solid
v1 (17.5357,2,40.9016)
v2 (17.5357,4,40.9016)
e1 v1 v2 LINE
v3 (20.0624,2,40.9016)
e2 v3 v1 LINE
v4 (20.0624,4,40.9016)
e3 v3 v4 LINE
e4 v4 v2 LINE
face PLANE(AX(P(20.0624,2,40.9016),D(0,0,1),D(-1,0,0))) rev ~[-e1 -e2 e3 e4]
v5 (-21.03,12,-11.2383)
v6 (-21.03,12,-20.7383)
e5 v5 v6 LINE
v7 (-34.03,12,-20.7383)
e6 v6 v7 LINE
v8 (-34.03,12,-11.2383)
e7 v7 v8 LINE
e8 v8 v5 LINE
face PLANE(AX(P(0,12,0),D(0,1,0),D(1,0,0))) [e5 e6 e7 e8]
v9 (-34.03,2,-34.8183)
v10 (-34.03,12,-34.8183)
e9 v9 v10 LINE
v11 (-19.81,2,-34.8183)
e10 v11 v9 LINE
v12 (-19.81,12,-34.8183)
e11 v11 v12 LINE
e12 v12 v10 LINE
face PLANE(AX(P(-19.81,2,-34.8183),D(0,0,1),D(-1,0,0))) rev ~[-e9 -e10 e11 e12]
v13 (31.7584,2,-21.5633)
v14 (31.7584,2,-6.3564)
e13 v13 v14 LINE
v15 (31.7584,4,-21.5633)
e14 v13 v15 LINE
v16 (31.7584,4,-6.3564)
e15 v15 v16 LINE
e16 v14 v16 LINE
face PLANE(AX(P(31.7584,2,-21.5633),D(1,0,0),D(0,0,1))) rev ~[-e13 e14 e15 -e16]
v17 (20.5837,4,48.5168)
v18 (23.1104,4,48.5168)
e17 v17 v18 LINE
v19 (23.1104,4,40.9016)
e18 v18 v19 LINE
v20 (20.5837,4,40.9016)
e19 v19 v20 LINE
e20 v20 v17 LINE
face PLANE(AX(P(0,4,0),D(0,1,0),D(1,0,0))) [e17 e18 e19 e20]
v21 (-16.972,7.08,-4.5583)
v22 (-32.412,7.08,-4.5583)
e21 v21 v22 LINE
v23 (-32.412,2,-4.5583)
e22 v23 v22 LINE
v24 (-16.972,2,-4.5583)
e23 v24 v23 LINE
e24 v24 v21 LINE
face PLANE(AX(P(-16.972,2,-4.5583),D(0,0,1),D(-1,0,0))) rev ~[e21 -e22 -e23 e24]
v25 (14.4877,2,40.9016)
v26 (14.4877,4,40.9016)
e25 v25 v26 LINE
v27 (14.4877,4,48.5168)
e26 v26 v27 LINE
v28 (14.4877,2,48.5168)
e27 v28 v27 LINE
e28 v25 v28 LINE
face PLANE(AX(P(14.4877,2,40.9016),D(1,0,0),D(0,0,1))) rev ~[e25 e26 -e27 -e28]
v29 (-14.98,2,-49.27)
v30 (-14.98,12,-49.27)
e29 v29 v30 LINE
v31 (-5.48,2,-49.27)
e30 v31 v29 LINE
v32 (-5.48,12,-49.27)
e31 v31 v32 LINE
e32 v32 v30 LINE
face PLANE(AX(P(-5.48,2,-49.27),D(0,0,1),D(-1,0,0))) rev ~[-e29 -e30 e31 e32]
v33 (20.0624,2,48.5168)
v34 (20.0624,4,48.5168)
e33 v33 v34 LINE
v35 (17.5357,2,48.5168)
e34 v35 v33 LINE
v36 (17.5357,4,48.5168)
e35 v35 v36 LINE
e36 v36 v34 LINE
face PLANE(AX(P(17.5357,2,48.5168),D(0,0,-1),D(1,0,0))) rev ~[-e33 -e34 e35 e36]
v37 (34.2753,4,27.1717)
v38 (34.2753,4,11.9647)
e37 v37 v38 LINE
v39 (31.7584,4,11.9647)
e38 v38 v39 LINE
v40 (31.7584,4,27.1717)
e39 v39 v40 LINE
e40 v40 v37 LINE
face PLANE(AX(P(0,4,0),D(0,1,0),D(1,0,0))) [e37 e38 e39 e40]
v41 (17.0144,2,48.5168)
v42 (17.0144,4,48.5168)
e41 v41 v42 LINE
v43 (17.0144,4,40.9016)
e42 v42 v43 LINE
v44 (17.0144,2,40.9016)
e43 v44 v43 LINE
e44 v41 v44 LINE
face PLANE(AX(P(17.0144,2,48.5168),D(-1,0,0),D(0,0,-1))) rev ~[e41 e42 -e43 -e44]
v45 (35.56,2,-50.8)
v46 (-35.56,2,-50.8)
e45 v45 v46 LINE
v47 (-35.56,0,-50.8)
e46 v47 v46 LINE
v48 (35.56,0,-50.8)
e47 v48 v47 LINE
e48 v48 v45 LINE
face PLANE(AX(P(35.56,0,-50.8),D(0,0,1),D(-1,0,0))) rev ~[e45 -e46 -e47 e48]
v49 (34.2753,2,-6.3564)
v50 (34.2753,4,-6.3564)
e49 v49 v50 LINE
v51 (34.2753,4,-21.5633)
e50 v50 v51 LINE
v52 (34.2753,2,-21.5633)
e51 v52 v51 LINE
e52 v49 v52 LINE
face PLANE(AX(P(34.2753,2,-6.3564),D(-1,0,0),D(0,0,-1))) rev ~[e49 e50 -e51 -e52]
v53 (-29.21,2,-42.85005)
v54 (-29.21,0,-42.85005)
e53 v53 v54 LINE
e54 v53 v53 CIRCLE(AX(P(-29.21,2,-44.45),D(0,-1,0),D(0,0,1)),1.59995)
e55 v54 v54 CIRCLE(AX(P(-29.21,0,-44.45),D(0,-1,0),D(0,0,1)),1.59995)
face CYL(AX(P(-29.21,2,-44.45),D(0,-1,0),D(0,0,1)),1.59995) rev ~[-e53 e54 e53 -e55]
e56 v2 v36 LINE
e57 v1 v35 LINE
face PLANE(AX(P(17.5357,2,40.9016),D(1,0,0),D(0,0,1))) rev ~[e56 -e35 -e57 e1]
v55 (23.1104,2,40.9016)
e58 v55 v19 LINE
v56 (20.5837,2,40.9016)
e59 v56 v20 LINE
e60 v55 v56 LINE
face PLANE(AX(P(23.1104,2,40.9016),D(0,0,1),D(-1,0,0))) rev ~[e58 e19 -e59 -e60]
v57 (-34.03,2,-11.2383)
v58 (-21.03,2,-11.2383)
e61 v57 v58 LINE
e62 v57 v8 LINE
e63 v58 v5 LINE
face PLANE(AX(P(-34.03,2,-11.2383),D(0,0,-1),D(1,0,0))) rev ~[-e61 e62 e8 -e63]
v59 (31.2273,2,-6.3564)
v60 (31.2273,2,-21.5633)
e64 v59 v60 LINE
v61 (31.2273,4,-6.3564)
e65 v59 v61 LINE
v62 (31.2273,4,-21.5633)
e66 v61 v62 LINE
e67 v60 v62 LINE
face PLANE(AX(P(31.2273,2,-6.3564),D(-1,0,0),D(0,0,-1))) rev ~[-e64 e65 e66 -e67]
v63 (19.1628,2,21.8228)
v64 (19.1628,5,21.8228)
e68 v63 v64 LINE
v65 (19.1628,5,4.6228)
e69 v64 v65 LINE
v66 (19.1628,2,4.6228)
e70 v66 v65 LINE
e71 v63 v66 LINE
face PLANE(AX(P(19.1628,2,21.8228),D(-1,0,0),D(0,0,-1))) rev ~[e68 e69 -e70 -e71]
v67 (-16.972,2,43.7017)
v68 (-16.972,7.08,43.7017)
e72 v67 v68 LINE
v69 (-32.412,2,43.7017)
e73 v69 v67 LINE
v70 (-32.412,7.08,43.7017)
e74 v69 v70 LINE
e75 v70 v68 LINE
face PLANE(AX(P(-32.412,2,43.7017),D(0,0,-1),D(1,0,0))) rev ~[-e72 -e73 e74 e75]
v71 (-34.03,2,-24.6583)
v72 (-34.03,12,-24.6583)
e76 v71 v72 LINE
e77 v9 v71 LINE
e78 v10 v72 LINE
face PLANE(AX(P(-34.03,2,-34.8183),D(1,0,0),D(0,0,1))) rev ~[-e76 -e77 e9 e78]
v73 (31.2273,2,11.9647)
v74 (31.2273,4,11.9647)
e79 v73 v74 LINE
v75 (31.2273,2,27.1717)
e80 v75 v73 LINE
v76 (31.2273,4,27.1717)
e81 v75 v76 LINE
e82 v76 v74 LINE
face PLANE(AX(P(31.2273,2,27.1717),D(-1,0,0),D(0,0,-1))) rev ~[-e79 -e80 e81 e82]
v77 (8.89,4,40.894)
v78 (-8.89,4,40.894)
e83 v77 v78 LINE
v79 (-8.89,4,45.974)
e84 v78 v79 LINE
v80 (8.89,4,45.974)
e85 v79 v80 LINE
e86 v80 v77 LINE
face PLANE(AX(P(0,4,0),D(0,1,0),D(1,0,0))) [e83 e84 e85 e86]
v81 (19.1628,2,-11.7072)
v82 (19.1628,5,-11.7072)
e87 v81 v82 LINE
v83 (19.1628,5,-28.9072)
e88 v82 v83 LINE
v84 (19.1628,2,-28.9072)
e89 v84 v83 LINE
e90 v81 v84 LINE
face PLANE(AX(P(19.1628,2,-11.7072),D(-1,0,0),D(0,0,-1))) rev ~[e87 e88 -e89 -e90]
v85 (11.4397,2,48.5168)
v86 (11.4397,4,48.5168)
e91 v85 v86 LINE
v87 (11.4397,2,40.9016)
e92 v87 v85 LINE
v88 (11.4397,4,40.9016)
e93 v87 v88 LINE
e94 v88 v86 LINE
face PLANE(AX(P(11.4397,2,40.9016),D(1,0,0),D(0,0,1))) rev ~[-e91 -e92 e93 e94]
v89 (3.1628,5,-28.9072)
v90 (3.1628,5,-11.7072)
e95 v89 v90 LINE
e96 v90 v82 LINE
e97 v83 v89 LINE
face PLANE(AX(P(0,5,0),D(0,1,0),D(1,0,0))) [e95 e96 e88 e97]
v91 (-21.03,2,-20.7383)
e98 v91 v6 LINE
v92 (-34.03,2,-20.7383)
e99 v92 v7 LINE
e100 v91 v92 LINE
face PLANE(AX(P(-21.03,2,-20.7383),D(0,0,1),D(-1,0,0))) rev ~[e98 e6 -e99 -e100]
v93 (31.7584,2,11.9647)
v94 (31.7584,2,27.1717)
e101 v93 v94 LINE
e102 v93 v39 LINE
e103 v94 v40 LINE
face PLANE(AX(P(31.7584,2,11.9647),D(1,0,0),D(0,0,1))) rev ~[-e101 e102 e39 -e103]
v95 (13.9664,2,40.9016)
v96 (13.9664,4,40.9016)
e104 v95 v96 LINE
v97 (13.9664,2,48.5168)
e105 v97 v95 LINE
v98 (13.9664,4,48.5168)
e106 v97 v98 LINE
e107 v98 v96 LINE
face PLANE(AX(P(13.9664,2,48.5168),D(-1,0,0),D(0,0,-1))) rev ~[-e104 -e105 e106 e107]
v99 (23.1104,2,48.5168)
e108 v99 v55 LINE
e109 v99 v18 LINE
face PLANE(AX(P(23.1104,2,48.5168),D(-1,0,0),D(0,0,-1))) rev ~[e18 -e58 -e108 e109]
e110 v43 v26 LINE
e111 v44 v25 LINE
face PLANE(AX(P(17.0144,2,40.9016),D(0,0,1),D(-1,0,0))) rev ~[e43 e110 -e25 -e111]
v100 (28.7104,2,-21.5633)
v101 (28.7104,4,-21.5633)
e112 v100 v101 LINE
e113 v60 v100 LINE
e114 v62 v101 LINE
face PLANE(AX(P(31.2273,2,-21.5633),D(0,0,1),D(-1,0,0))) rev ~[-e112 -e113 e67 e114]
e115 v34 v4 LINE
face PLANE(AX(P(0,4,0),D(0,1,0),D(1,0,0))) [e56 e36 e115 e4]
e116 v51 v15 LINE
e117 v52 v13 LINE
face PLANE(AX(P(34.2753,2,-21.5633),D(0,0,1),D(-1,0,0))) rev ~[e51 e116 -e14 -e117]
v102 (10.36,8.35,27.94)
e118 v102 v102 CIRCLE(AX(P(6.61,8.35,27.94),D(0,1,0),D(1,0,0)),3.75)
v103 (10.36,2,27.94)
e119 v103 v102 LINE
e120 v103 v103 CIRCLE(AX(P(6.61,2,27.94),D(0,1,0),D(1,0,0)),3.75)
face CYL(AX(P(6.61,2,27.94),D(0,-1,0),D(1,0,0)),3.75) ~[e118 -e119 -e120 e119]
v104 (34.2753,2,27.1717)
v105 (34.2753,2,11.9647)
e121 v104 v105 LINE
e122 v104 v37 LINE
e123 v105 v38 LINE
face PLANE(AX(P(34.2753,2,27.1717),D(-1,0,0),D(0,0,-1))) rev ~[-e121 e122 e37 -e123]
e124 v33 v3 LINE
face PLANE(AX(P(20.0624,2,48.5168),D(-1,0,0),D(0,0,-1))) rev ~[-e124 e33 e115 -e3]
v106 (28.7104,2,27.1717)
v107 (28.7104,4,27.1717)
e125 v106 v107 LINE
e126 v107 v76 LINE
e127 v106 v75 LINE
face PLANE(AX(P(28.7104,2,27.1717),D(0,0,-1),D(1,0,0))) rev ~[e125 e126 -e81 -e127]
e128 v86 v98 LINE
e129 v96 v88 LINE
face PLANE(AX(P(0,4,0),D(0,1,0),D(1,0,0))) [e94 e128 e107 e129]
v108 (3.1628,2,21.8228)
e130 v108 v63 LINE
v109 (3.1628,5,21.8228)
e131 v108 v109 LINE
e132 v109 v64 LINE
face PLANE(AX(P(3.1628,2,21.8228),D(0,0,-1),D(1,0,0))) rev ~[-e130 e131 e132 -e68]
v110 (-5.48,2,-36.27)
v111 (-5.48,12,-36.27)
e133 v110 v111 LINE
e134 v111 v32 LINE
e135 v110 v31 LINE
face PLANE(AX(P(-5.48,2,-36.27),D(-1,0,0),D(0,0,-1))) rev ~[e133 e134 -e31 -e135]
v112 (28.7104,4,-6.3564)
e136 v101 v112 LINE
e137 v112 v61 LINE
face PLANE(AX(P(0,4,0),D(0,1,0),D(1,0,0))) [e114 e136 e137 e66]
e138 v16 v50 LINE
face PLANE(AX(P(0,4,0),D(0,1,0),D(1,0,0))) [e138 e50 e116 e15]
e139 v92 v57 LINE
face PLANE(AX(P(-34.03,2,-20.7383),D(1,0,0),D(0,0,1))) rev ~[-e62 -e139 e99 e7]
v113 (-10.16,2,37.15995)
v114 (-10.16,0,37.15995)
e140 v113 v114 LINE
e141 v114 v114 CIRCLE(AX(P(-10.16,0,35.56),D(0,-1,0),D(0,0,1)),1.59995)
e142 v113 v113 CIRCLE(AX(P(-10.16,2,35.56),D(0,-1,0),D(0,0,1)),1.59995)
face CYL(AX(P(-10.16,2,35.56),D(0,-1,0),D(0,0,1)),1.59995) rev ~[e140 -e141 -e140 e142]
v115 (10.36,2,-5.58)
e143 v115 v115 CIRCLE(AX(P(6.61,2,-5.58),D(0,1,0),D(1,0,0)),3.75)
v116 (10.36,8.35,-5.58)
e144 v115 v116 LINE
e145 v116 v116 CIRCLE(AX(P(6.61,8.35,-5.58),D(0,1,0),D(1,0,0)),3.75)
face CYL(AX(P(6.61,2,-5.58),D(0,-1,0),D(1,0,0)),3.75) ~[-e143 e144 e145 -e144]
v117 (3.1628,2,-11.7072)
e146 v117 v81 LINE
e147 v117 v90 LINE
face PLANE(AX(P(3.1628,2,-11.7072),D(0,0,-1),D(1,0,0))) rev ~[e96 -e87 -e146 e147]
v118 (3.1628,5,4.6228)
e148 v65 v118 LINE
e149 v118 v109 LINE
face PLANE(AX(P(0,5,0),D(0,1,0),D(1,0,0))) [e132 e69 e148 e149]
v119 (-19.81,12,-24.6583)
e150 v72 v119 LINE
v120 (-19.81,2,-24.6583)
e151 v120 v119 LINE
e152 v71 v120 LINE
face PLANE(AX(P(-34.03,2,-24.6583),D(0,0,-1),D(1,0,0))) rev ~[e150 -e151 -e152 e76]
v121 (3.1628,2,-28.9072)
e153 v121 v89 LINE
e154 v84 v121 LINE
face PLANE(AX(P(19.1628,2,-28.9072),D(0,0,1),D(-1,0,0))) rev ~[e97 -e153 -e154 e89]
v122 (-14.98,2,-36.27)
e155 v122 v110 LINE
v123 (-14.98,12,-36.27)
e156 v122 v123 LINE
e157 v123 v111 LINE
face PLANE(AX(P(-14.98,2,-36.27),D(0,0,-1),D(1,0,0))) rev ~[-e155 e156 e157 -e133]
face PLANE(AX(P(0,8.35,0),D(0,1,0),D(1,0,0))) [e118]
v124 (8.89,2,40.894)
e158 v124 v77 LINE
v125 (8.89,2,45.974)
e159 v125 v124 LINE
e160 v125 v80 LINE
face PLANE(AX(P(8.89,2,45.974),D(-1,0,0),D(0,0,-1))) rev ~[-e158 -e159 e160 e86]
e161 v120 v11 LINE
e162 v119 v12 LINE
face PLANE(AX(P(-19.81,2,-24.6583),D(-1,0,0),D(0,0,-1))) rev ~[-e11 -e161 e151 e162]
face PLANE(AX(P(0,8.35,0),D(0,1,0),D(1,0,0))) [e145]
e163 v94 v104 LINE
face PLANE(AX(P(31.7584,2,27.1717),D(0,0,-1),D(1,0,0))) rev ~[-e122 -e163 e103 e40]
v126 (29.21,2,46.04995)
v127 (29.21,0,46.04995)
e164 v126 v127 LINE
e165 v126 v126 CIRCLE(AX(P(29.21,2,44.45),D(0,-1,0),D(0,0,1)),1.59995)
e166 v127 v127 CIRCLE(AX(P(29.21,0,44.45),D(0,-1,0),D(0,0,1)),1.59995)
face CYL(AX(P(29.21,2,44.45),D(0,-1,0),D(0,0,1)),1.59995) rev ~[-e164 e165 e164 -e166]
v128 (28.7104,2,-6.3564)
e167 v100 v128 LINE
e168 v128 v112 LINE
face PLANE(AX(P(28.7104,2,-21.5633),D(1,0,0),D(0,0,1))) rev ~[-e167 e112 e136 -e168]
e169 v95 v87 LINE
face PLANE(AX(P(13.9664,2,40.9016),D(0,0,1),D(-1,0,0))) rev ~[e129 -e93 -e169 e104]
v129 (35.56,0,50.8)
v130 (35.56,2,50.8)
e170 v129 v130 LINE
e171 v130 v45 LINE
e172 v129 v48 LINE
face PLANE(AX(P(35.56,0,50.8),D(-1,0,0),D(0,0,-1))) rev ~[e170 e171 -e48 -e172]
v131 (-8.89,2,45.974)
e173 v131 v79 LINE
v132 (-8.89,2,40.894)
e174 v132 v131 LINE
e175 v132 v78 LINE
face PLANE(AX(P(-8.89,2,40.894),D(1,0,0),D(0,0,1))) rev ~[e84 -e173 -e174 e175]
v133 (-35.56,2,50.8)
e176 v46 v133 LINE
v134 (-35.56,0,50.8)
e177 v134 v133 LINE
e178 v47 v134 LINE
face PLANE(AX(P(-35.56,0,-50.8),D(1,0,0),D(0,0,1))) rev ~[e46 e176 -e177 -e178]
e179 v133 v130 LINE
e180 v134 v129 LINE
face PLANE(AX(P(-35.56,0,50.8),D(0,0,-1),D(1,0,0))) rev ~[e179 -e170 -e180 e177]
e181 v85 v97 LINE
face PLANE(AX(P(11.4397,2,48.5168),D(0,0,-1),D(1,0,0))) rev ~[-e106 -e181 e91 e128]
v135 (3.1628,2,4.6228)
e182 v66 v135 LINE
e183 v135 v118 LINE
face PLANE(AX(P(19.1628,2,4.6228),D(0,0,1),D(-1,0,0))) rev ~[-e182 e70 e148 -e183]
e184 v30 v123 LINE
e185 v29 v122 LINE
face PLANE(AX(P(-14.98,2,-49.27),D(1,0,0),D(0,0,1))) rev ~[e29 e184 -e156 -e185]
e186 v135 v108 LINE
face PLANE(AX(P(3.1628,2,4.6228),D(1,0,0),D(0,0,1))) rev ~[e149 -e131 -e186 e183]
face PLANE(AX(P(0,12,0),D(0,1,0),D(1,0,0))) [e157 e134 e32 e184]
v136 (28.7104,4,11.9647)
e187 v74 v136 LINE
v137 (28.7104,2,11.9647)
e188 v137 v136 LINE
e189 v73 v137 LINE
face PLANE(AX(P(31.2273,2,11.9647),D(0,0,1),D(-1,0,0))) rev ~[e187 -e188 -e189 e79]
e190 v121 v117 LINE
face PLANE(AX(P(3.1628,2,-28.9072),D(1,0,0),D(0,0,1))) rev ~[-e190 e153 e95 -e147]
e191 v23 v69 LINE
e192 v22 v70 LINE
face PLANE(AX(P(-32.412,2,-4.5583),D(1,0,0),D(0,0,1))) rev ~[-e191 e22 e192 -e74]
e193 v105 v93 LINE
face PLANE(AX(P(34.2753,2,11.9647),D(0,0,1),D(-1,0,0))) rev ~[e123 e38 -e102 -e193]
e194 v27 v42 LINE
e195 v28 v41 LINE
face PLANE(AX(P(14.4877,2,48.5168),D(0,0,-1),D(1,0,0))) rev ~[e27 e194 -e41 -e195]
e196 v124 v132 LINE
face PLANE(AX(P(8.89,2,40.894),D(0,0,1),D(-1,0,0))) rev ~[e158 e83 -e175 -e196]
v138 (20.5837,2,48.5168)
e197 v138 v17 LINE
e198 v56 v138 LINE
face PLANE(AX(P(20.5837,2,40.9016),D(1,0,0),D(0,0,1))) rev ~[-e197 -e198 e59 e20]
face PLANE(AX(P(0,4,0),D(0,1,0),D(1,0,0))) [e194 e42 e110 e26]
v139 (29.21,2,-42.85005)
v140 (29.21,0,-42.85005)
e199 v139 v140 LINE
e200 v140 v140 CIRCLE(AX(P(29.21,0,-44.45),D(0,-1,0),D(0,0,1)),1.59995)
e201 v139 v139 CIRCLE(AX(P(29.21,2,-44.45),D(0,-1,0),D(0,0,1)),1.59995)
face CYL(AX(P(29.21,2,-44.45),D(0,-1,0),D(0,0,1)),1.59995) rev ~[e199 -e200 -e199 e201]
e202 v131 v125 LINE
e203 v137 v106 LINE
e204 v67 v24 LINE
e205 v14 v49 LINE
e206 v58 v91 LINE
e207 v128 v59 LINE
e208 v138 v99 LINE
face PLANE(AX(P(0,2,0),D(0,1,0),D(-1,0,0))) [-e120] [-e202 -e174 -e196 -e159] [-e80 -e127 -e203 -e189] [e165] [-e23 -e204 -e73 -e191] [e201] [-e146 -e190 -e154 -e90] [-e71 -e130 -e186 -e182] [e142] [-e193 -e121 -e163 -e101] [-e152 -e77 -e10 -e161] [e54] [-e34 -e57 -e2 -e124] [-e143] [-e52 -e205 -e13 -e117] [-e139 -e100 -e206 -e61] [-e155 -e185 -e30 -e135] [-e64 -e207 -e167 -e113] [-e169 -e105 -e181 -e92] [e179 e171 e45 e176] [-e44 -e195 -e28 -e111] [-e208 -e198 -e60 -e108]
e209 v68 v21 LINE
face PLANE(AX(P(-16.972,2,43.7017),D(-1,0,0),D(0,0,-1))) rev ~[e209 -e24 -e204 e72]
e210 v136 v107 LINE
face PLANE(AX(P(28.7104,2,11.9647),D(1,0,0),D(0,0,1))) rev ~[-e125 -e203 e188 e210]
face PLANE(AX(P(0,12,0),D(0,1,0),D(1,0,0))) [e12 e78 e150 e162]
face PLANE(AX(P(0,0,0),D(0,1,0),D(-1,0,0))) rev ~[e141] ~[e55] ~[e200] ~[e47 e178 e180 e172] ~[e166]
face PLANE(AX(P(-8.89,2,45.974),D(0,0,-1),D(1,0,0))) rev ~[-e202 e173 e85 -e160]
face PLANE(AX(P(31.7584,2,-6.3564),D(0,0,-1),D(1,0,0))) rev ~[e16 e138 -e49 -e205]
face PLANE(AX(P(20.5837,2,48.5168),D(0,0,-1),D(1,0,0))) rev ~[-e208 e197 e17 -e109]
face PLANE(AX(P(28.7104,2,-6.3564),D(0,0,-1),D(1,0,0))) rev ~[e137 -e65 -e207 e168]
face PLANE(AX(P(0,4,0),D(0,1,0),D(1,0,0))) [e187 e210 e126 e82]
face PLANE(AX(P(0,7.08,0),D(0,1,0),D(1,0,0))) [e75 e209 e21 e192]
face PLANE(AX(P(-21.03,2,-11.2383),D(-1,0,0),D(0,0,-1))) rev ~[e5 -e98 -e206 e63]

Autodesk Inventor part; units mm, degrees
ref_plane "YZ Plane" through (0, 0, 0) normal (1, 0, 0) x (0, 1, 0)
ref_plane "XZ Plane" through (0, 0, 0) normal (0, 1, 0) x (-1, 0, 0)
ref_plane "XY Plane" through (0, 0, 0) normal (0, 0, 1) x (1, 0, 0)
sketch "Sketch1" plane through (0, 0, 0) normal (0, 1, 0) x (-1, 0, 0)
  line L0 (35.56, 50.8) -> (-35.56, 50.8)
  line L1 (-35.56, 50.8) -> (-35.56, -50.8)
  line L2 (-35.56, -50.8) -> (35.56, -50.8)
  line L3 (35.56, -50.8) -> (35.56, 50.8)
  point P0 (0, 0)
  point P1 (35.56, 0)
  point P2 (0, -50.8)
  dimension "d0" = 101.6
  dimension "d1" = 71.12
extrude "Extrusion1" add sketch "Sketch1" along normal blind 2
sketch "Sketch2" plane through (0, 2, 0) normal (0, 1, 0) x (1, 0, 0)
  line L0 (-35.56, 50.8) -> (-35.56, -50.8)
  line L1 (35.56, 50.8) -> (-35.56, 50.8)
  line L2 (35.56, -50.8) -> (35.56, 50.8)
  line L3 (-35.56, -50.8) -> (35.56, -50.8)
  point P0 (0, 0)
  point P1 (-10.16, -35.56)
  point P2 (-29.21, 44.45)
  point P3 (29.21, 44.45)
  point P4 (29.21, -44.45)
  dimension "d4" = 6.35
  dimension "d5" = 6.35
  dimension "d6" = 6.35
  dimension "d7" = 6.35
  dimension "d8" = 15.24
  dimension "d9" = 45.72
hole "Hole1" at (-10.16, 2, 35.56) at (-29.21, 2, -44.45) at (29.21, 2, -44.45) at (29.21, 2, 44.45) direction (0, -1, 0) diameter 3.1999 end through all
sketch "Sketch3" plane through (0, 2, 0) normal (0, 1, 0) x (1, 0, 0)
  line L0 (-32.412, -43.7017) -> (-16.972, -43.7017)
  line L1 (-16.972, -43.7017) -> (-16.972, 4.5583)
  line L2 (-16.972, 4.5583) -> (-32.412, 4.5583)
  line L3 (-32.412, 4.5583) -> (-32.412, -43.7017)
  line L4 (-35.56, -50.8) -> (35.56, -50.8)
  line L5 (-35.56, 50.8) -> (-35.56, -50.8)
  point P0 (0, 0)
  dimension "d17" = 15.44
  dimension "d18" = 48.26
  dimension "d19" = 7.0983
  dimension "d20" = 3.148
extrude "Extrusion2" add sketch "Sketch3" along normal blind 5.08
sketch "Sketch4" plane through (0, 2, 0) normal (0, 1, 0) x (1, 0, 0)
  line L0 (-34.03, 11.2383) -> (-21.03, 11.2383)
  line L1 (-21.03, 11.2383) -> (-21.03, 20.7383)
  line L2 (-21.03, 20.7383) -> (-34.03, 20.7383)
  line L3 (-34.03, 20.7383) -> (-34.03, 11.2383)
  line L4 (-34.03, 24.6583) -> (-19.81, 24.6583)
  line L5 (-19.81, 24.6583) -> (-19.81, 34.8183)
  line L6 (-19.81, 34.8183) -> (-34.03, 34.8183)
  line L7 (-34.03, 34.8183) -> (-34.03, 24.6583)
  line L8 (-14.98, 36.27) -> (-5.48, 36.27)
  line L9 (-5.48, 36.27) -> (-5.48, 49.27)
  line L10 (-5.48, 49.27) -> (-14.98, 49.27)
  line L11 (-14.98, 49.27) -> (-14.98, 36.27)
  line L12 (-16.972, 4.5583) -> (-32.412, 4.5583)
  line L13 (-35.56, 50.8) -> (-35.56, -50.8)
  line L14 (35.56, 50.8) -> (-35.56, 50.8)
  point P0 (0, 0)
  dimension "d23" = 13
  dimension "d24" = 9.5
  dimension "d25" = 3.92
  dimension "d26" = 6.68
  dimension "d27" = 1.53
  dimension "d28" = 1.53
  dimension "d29" = 20.58
  dimension "d66" = 14.22
  dimension "d67" = 13
  dimension "d68" = 10.16
extrude "Extrusion3" add sketch "Sketch4" along normal blind 10
sketch "Sketch5" plane through (0, 2, 0) normal (0, 1, 0) x (1, 0, 0)
  line L0 (3.1628, -21.8228) -> (19.1628, -21.8228)
  line L1 (19.1628, -21.8228) -> (19.1628, -4.6228)
  line L2 (19.1628, -4.6228) -> (3.1628, -4.6228)
  line L3 (3.1628, -4.6228) -> (3.1628, -21.8228)
  line L4 (3.1628, 11.7072) -> (19.1628, 11.7072)
  line L5 (19.1628, 11.7072) -> (19.1628, 28.9072)
  line L6 (19.1628, 28.9072) -> (3.1628, 28.9072)
  line L7 (3.1628, 28.9072) -> (3.1628, 11.7072)
  line L8 (35.56, -50.8) -> (35.56, 50.8)
  line L9 (35.56, 50.8) -> (-35.56, 50.8)
  point P0 (0, 0)
  dimension "d32" = 17.2
  dimension "d33" = 16
  dimension "d34" = 16.33
  dimension "d35" = 16.3972
  dimension "d36" = 21.8928
extrude "Extrusion4" add sketch "Sketch5" along normal blind 3
sketch "Sketch6" plane through (0, 2, 0) normal (0, 1, 0) x (1, 0, 0)
  circle A0 centre (6.61, -27.94) radius 3.75
  circle A1 centre (6.61, 5.58) radius 3.75
  line L0 (35.56, -50.8) -> (35.56, 50.8)
  line L1 (-35.56, -50.8) -> (35.56, -50.8)
  point P0 (0, 0)
  dimension "d39" = 7.5
  dimension "d40" = 26.02
  dimension "d41" = 25.2
  dimension "d42" = 19.11
extrude "Extrusion5" add sketch "Sketch6" along normal blind 6.35
sketch "Sketch7" plane through (0, 2, 0) normal (0, 1, 0) x (1, 0, 0)
  line L0 (11.4397, -48.5168) -> (13.9664, -48.5168)
  line L1 (13.9664, -48.5168) -> (13.9664, -40.9016)
  line L2 (13.9664, -40.9016) -> (11.4397, -40.9016)
  line L3 (11.4397, -40.9016) -> (11.4397, -48.5168)
  line L4 (14.4877, -48.5168) -> (17.0144, -48.5168)
  line L5 (17.0144, -48.5168) -> (17.0144, -40.9016)
  line L6 (17.0144, -40.9016) -> (14.4877, -40.9016)
  line L7 (14.4877, -40.9016) -> (14.4877, -48.5168)
  line L8 (17.5357, -48.5168) -> (20.0624, -48.5168)
  line L9 (20.0624, -48.5168) -> (20.0624, -40.9016)
  line L10 (20.0624, -40.9016) -> (17.5357, -40.9016)
  line L11 (17.5357, -40.9016) -> (17.5357, -48.5168)
  line L12 (20.5837, -48.5168) -> (23.1104, -48.5168)
  line L13 (23.1104, -48.5168) -> (23.1104, -40.9016)
  line L14 (23.1104, -40.9016) -> (20.5837, -40.9016)
  line L15 (20.5837, -40.9016) -> (20.5837, -48.5168)
  line L16 (28.7104, -27.1717) -> (31.2273, -27.1717)
  line L17 (31.2273, -27.1717) -> (31.2273, -11.9647)
  line L18 (31.2273, -11.9647) -> (28.7104, -11.9647)
  line L19 (28.7104, -11.9647) -> (28.7104, -27.1717)
  line L20 (31.7584, -27.1717) -> (34.2753, -27.1717)
  line L21 (34.2753, -27.1717) -> (34.2753, -11.9647)
  line L22 (34.2753, -11.9647) -> (31.7584, -11.9647)
  line L23 (31.7584, -11.9647) -> (31.7584, -27.1717)
  line L24 (28.7104, 6.3564) -> (31.2273, 6.3564)
  line L25 (31.2273, 6.3564) -> (31.2273, 21.5633)
  line L26 (31.2273, 21.5633) -> (28.7104, 21.5633)
  line L27 (28.7104, 21.5633) -> (28.7104, 6.3564)
  line L28 (-35.56, -50.8) -> (35.56, -50.8)
  line L29 (-8.89, -45.974) -> (8.89, -45.974)
  line L30 (8.89, -45.974) -> (8.89, -40.894)
  line L31 (8.89, -40.894) -> (-8.89, -40.894)
  line L32 (-8.89, -40.894) -> (-8.89, -45.974)
  line L33 (35.56, -50.8) -> (35.56, 50.8)
  line L34 (31.7584, 6.3564) -> (34.2753, 6.3564)
  line L35 (34.2753, 6.3564) -> (34.2753, 21.5633)
  line L36 (34.2753, 21.5633) -> (31.7584, 21.5633)
  line L37 (31.7584, 21.5633) -> (31.7584, 6.3564)
  line L38 (35.56, 50.8) -> (-35.56, 50.8)
  point P0 (0, 0)
  dimension "d47" = 7.6152
  dimension "d48" = 4.826
  dimension "d49" = 5.08
  dimension "d50" = 2.2832
  dimension "d51" = 2.5268
  dimension "d52" = 0.5212
  dimension "d53" = 0.5212
  dimension "d54" = 0.5212
  dimension "d55" = 12.4496
  dimension "d56" = 2.5497
  dimension "d57" = 17.78
  dimension "d58" = 15.207
  dimension "d59" = 2.5169
  dimension "d60" = 0.5311
  dimension "d61" = 18.321
  dimension "d62" = 1.2847
  dimension "d63" = 29.2367
extrude "Extrusion6" add sketch "Sketch7" along normal blind 2
equation "\"d67\" = d23"
equation "\"d53\" = d52"
equation "\"d54\" = d52"
properties part number "PCB"
